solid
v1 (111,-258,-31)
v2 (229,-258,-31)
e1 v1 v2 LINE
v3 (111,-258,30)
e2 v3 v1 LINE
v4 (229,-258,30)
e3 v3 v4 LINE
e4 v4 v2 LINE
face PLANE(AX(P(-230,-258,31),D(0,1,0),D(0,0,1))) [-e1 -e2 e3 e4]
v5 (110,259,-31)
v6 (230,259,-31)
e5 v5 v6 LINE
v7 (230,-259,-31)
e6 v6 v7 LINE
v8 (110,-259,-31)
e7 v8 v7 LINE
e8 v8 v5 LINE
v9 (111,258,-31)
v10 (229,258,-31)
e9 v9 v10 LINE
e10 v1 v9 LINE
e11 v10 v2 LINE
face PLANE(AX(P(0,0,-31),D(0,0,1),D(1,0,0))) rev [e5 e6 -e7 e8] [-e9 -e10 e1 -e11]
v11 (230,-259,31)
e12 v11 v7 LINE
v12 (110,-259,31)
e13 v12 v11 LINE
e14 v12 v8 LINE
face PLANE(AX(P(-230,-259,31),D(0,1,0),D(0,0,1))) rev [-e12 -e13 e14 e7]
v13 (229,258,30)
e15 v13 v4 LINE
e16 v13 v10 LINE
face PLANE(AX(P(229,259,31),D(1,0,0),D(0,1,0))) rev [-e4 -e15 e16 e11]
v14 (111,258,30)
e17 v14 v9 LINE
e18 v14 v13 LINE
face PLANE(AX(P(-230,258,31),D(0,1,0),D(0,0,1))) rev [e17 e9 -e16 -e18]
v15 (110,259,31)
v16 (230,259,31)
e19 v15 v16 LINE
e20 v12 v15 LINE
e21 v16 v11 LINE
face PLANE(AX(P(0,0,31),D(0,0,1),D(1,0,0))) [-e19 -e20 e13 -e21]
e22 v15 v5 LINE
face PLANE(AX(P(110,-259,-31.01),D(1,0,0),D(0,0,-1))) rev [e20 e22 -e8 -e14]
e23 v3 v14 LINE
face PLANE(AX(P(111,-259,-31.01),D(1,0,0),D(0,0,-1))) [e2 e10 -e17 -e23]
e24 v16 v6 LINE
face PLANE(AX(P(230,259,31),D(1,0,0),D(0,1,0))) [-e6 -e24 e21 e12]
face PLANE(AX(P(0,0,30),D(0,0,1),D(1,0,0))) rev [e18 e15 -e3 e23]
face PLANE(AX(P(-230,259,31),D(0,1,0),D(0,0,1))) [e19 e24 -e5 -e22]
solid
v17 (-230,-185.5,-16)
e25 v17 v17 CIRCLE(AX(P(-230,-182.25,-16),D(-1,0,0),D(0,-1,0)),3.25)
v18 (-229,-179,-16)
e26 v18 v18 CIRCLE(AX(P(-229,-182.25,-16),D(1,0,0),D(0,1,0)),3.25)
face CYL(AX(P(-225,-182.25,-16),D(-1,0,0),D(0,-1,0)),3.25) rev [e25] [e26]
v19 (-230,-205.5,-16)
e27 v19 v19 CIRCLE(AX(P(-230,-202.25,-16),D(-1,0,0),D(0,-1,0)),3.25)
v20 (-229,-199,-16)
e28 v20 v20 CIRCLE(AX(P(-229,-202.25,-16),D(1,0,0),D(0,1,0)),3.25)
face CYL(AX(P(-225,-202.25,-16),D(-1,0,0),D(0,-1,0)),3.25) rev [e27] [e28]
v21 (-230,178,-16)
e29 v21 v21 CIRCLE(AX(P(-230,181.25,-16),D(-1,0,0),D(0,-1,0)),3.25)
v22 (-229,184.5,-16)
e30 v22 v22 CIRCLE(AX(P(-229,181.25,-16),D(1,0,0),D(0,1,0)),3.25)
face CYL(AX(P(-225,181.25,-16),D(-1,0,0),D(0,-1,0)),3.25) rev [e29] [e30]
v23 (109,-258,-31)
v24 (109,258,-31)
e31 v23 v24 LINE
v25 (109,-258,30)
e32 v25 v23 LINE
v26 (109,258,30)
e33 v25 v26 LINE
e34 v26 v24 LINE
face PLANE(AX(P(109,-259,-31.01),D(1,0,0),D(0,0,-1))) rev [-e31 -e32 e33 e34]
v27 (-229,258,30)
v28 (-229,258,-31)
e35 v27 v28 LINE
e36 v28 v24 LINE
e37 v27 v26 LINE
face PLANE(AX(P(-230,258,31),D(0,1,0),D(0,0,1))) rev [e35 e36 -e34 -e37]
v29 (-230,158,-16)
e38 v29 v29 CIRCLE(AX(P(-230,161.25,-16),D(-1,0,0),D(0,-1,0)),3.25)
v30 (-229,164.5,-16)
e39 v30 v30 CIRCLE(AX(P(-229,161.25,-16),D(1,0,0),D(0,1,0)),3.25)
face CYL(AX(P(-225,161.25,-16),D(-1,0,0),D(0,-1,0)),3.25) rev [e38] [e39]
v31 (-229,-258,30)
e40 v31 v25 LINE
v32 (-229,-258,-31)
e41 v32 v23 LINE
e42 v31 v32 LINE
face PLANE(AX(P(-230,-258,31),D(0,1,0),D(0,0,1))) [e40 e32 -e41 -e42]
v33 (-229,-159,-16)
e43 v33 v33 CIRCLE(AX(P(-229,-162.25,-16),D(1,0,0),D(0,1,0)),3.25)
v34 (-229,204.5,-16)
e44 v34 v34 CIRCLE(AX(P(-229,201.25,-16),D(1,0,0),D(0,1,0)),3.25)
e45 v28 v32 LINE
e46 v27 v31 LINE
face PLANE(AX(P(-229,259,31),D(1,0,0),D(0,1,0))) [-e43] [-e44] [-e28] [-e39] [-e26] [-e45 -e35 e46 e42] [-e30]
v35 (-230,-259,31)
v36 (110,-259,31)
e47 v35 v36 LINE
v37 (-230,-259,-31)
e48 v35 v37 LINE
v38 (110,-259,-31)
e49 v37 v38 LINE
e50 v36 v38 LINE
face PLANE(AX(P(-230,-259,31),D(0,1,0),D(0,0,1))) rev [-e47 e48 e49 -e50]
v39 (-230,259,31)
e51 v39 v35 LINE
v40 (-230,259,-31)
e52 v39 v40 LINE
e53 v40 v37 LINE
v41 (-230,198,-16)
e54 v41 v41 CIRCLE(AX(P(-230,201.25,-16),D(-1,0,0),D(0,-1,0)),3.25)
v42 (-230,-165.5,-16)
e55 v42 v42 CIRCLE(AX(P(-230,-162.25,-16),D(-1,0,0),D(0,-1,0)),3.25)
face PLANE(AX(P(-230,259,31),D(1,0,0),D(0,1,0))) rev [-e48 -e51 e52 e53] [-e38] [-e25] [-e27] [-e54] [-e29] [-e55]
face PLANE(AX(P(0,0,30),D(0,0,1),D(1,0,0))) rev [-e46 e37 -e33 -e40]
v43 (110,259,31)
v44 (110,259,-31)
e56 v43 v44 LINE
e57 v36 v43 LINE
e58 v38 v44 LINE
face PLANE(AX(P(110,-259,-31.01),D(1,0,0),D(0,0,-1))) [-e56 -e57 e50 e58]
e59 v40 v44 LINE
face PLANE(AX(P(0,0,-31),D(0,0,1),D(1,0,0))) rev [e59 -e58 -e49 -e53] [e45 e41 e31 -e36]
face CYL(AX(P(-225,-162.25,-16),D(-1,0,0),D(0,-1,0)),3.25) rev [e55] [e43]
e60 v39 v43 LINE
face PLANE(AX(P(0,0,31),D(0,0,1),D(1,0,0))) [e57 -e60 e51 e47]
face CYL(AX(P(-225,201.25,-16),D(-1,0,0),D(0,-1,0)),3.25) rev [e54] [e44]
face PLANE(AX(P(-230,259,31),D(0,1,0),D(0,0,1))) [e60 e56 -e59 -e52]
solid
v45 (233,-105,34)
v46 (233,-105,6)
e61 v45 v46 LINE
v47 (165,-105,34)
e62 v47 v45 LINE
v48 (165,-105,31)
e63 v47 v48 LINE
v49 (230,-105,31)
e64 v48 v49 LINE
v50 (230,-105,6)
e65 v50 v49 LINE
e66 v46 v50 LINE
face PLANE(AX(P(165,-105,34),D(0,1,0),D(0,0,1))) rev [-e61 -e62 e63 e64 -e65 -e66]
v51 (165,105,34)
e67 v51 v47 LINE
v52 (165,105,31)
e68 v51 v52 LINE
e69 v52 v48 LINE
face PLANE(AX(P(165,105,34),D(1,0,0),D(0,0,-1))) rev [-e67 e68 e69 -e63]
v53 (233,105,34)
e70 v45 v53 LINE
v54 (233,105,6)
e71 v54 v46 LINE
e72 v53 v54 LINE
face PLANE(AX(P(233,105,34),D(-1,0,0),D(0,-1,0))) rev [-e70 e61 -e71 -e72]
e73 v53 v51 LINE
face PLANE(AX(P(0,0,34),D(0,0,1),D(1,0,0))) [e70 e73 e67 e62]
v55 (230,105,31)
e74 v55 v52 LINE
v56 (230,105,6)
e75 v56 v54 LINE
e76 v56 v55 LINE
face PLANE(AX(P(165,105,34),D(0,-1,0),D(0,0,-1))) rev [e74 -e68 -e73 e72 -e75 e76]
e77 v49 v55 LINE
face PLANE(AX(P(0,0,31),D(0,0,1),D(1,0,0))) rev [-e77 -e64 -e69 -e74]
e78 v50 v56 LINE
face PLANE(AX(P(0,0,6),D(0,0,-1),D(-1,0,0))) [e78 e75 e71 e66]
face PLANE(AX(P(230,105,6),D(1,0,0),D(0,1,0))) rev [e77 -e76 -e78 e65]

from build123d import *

# Parameters (mm, degrees)
SKETCH1_W              = 460
SKETCH1_H              = 518
BOSS_EXTRUDE1_DEPTH    = 31
SPLIT1_SURFACE_1_BACK  = 696.534
SPLIT1_SURFACE_1_DEPTH = 1393.068
SPLIT1_SURFACE_2_BACK  = 696.534
SPLIT1_SURFACE_2_DEPTH = 1393.068
SKETCH3_W              = 68
SKETCH3_H              = 210
BOSS_EXTRUDE2_DEPTH    = 3
SKETCH4_W              = 3
SKETCH4_H              = 210
BOSS_EXTRUDE3_DEPTH    = 25
SHELL1_T               = -1
SHELL2_T               = -1
SKETCH6_R              = 3.25
CUT_EXTRUDE2_DEPTH     = 5


with BuildPart() as part:
    # Sketch1 → Boss-Extrude1 (new, symmetric)
    with BuildSketch(Plane.XY):
        Rectangle(SKETCH1_W, SKETCH1_H)
    extrude(amount=BOSS_EXTRUDE1_DEPTH, both=True)


with BuildPart() as body_2:
    # Split1: the piece behind the surface
    add(part.part)
    # Split1 surface: a surface, the sketch's curves swept straight by 1393.068 mm
    with BuildLine(Plane.XY.offset(31).offset(-SPLIT1_SURFACE_1_BACK), mode=Mode.PRIVATE) as split1_surface_1_path:
        Line((110, -259), (110, 259))
    split1_surface_1 = Shell.extrude(split1_surface_1_path.wire(), (0 * SPLIT1_SURFACE_1_DEPTH, 0 * SPLIT1_SURFACE_1_DEPTH, 1 * SPLIT1_SURFACE_1_DEPTH))
    split(bisect_by=split1_surface_1, keep=Keep.BOTTOM)

    # Shell2
    shell2_openings = [body_2.faces().sort_by_distance(p)[0] for p in [
        (170, 0, -31),
    ]]
    offset(amount=SHELL2_T, openings=shell2_openings, kind=Kind.INTERSECTION)


with BuildPart() as part_1:
    add(part.part)

    # Split1: split by a surface, the side it looks to stays
    # Split1 surface: a surface, the sketch's curves swept straight by 1393.068 mm
    with BuildLine(Plane.XY.offset(31).offset(-SPLIT1_SURFACE_2_BACK), mode=Mode.PRIVATE) as split1_surface_2_path:
        Line((110, -259), (110, 259))
    split1_surface_2 = Shell.extrude(split1_surface_2_path.wire(), (0 * SPLIT1_SURFACE_2_DEPTH, 0 * SPLIT1_SURFACE_2_DEPTH, 1 * SPLIT1_SURFACE_2_DEPTH))
    split(bisect_by=split1_surface_2, keep=Keep.TOP)

    # Shell1
    shell1_openings = [part_1.faces().sort_by_distance(p)[0] for p in [
        (-60, 0, -31),
    ]]
    offset(amount=SHELL1_T, openings=shell1_openings, kind=Kind.INTERSECTION)

    # Sketch6 → Cut-Extrude2 (cut)
    with BuildSketch(Plane.ZY.offset(230)):
        with Locations(Location((-16, 201.25, 0), (0, 0, 270))):
            Circle(SKETCH6_R)
        with Locations(Location((-16, 181.25, 0), (0, 0, 270))):
            Circle(SKETCH6_R)
        with Locations(Location((-16, 161.25, 0), (0, 0, 270))):
            Circle(SKETCH6_R)
        with Locations(Location((-16, -162.25, 0), (0, 0, 270))):
            Circle(SKETCH6_R)
        with Locations(Location((-16, -182.25, 0), (0, 0, 270))):
            Circle(SKETCH6_R)
        with Locations(Location((-16, -202.25, 0), (0, 0, 270))):
            Circle(SKETCH6_R)
    extrude(amount=-CUT_EXTRUDE2_DEPTH, mode=Mode.SUBTRACT)


with BuildPart() as body_3:
    # Sketch3 → Boss-Extrude2 (new body)
    with BuildSketch(Plane.XY.offset(31)):
        with Locations((199, 0)):
            Rectangle(SKETCH3_W, SKETCH3_H)
    extrude(amount=BOSS_EXTRUDE2_DEPTH)


with BuildPart() as body_4:
    # Sketch4 → Boss-Extrude3 (new body)
    with BuildSketch(Plane(origin=(0, 0, 31), x_dir=(-1, 0, 0), z_dir=(0, 0, -1))):
        with Locations((-231.5, 0)):
            Rectangle(SKETCH4_W, SKETCH4_H)
    extrude(amount=BOSS_EXTRUDE3_DEPTH)


with BuildPart() as body_3_1:
    add(body_3.part)

    # Combine1: union body 4
    add(body_4.part)


solid = Compound([body_2.part, part_1.part, body_3_1.part])
